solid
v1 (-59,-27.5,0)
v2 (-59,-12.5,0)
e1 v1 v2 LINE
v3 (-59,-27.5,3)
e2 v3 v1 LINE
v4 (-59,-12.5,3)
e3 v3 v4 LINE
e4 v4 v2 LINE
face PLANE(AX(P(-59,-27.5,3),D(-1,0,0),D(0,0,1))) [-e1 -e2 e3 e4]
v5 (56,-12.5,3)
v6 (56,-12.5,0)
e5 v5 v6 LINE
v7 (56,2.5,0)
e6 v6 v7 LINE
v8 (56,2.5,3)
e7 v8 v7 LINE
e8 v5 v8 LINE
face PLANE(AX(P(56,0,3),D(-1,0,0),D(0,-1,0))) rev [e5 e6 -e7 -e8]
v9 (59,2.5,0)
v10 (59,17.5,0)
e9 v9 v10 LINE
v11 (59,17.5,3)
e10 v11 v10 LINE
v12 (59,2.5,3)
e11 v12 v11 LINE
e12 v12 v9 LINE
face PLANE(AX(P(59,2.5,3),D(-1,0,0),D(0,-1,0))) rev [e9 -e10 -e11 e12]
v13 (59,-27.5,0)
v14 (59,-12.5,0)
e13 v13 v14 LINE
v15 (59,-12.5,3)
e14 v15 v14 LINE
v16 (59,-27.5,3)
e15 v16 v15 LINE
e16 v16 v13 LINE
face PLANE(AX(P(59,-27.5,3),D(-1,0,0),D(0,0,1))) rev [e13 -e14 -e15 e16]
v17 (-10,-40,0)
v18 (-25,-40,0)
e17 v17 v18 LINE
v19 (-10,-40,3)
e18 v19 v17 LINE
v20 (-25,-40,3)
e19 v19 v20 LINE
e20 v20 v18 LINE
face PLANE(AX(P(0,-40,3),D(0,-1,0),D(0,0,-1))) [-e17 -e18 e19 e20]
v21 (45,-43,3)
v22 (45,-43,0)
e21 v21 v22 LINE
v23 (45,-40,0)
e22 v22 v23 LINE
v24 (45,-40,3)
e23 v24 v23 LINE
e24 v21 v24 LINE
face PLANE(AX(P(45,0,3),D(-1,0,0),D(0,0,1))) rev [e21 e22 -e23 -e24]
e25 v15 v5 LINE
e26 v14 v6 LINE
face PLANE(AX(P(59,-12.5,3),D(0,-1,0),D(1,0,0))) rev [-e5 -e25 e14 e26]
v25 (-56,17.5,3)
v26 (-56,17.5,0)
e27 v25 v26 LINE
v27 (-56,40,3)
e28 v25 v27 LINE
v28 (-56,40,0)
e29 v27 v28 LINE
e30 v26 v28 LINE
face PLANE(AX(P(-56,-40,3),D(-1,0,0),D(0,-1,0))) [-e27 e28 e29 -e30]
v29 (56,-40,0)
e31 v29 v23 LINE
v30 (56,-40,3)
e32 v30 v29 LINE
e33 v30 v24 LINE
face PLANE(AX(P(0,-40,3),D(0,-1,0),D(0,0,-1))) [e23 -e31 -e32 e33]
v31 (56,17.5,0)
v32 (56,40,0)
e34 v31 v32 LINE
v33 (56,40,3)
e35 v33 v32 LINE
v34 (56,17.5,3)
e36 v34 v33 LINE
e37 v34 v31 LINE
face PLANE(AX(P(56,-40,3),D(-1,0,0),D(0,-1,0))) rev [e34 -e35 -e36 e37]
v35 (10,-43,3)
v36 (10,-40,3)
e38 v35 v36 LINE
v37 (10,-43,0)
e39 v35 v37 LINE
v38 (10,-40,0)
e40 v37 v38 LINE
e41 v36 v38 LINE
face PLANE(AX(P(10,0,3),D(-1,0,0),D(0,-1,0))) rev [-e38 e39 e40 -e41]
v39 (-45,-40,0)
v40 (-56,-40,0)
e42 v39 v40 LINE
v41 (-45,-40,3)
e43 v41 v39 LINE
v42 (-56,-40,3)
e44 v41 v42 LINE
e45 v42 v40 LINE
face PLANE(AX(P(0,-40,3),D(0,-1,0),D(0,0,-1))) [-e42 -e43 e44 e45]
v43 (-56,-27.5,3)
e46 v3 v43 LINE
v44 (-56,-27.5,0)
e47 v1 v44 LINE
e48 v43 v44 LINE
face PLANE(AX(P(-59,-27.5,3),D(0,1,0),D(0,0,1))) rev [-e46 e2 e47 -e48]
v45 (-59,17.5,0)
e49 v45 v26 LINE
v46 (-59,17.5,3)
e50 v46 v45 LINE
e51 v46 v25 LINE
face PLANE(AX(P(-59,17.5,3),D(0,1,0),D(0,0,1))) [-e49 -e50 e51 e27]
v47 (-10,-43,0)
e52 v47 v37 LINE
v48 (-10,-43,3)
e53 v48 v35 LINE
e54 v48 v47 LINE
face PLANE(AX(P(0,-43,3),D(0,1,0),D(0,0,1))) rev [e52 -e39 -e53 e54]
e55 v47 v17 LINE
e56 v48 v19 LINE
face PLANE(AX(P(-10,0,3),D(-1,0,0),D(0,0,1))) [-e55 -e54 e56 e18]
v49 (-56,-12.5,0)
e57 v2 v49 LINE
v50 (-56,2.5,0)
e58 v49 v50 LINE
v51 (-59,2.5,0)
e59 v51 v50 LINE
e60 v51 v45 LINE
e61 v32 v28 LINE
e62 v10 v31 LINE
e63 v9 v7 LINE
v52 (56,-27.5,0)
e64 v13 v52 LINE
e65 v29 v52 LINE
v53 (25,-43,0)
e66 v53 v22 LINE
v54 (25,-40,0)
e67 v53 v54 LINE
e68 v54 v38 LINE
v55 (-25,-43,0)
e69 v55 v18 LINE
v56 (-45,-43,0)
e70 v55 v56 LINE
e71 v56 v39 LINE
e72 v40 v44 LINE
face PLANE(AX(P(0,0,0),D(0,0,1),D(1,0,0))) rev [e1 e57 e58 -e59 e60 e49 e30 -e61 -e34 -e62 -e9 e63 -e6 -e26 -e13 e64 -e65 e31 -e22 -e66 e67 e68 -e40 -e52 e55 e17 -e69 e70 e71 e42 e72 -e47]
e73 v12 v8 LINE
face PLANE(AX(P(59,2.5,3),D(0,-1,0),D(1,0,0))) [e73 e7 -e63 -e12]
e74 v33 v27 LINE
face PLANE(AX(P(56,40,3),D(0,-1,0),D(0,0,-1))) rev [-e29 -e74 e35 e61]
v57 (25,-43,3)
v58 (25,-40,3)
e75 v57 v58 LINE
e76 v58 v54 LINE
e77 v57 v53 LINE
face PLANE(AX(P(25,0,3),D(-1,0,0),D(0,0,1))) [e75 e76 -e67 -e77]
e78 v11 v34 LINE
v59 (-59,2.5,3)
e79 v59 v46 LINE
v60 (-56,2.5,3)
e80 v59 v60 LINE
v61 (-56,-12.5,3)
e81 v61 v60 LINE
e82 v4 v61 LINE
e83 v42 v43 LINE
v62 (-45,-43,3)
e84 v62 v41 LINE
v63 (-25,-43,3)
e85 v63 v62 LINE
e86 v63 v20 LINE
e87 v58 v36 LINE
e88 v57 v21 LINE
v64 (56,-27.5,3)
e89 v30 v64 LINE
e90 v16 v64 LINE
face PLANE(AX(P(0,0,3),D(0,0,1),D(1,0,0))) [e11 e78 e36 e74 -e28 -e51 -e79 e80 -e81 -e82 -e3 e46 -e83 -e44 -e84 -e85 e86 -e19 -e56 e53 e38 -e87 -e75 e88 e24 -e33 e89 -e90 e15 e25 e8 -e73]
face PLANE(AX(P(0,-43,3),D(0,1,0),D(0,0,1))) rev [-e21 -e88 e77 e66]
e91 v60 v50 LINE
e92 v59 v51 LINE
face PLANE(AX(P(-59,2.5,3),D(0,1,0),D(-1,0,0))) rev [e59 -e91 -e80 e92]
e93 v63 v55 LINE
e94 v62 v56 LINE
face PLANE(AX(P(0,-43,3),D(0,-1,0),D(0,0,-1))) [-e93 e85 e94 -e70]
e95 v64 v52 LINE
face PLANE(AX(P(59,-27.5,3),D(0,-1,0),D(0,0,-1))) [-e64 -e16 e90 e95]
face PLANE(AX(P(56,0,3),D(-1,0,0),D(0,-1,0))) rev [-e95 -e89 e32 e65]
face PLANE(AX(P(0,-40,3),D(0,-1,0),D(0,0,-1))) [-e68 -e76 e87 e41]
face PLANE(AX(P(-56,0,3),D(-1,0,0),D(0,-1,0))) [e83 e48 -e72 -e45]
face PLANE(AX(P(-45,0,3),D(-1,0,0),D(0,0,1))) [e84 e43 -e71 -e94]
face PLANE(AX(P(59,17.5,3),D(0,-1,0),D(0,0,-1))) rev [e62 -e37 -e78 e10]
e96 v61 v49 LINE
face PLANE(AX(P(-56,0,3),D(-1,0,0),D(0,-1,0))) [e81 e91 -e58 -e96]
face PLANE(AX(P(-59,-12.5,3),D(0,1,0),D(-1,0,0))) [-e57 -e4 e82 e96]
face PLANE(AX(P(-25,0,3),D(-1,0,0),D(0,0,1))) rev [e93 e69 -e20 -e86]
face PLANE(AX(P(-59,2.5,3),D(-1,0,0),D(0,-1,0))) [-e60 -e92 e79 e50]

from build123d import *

# Parameters (mm, degrees)
SKETCH2_W           = 20
SKETCH2_H           = 3
SKETCH2_W_2         = 3
SKETCH2_H_2         = 15
BOSS_EXTRUDE1_DEPTH = 3


with BuildPart() as part:
    # Sketch2 → Boss-Extrude1 (new body)
    with BuildSketch(Plane.XY):
        Polygon((45, -40), (56, -40), (56, -27.5), (56, -12.5), (56, 2.5), (-56, 2.5), (-56, -12.5), (-56, -27.5), (-56, -40), (-45, -40), (-25, -40), (-10, -40), (10, -40), (25, -40), align=None)
        with Locations((35, -41.5)):
            Rectangle(SKETCH2_W, SKETCH2_H)
        with Locations((57.5, -20)):
            Rectangle(SKETCH2_W_2, SKETCH2_H_2)
        with Locations((0, -41.5)):
            Rectangle(SKETCH2_W, SKETCH2_H)
        Polygon((-56, 2.5), (56, 2.5), (56, 17.5), (56, 40), (-56, 40), (-56, 17.5), align=None)
        with Locations((57.5, 10)):
            Rectangle(SKETCH2_W_2, SKETCH2_H_2)
        with Locations((-57.5, 10)):
            Rectangle(SKETCH2_W_2, SKETCH2_H_2)
        with Locations((-35, -41.5)):
            Rectangle(SKETCH2_W, SKETCH2_H)
        with Locations((-57.5, -20)):
            Rectangle(SKETCH2_W_2, SKETCH2_H_2)
    extrude(amount=BOSS_EXTRUDE1_DEPTH)


solid = part.part
